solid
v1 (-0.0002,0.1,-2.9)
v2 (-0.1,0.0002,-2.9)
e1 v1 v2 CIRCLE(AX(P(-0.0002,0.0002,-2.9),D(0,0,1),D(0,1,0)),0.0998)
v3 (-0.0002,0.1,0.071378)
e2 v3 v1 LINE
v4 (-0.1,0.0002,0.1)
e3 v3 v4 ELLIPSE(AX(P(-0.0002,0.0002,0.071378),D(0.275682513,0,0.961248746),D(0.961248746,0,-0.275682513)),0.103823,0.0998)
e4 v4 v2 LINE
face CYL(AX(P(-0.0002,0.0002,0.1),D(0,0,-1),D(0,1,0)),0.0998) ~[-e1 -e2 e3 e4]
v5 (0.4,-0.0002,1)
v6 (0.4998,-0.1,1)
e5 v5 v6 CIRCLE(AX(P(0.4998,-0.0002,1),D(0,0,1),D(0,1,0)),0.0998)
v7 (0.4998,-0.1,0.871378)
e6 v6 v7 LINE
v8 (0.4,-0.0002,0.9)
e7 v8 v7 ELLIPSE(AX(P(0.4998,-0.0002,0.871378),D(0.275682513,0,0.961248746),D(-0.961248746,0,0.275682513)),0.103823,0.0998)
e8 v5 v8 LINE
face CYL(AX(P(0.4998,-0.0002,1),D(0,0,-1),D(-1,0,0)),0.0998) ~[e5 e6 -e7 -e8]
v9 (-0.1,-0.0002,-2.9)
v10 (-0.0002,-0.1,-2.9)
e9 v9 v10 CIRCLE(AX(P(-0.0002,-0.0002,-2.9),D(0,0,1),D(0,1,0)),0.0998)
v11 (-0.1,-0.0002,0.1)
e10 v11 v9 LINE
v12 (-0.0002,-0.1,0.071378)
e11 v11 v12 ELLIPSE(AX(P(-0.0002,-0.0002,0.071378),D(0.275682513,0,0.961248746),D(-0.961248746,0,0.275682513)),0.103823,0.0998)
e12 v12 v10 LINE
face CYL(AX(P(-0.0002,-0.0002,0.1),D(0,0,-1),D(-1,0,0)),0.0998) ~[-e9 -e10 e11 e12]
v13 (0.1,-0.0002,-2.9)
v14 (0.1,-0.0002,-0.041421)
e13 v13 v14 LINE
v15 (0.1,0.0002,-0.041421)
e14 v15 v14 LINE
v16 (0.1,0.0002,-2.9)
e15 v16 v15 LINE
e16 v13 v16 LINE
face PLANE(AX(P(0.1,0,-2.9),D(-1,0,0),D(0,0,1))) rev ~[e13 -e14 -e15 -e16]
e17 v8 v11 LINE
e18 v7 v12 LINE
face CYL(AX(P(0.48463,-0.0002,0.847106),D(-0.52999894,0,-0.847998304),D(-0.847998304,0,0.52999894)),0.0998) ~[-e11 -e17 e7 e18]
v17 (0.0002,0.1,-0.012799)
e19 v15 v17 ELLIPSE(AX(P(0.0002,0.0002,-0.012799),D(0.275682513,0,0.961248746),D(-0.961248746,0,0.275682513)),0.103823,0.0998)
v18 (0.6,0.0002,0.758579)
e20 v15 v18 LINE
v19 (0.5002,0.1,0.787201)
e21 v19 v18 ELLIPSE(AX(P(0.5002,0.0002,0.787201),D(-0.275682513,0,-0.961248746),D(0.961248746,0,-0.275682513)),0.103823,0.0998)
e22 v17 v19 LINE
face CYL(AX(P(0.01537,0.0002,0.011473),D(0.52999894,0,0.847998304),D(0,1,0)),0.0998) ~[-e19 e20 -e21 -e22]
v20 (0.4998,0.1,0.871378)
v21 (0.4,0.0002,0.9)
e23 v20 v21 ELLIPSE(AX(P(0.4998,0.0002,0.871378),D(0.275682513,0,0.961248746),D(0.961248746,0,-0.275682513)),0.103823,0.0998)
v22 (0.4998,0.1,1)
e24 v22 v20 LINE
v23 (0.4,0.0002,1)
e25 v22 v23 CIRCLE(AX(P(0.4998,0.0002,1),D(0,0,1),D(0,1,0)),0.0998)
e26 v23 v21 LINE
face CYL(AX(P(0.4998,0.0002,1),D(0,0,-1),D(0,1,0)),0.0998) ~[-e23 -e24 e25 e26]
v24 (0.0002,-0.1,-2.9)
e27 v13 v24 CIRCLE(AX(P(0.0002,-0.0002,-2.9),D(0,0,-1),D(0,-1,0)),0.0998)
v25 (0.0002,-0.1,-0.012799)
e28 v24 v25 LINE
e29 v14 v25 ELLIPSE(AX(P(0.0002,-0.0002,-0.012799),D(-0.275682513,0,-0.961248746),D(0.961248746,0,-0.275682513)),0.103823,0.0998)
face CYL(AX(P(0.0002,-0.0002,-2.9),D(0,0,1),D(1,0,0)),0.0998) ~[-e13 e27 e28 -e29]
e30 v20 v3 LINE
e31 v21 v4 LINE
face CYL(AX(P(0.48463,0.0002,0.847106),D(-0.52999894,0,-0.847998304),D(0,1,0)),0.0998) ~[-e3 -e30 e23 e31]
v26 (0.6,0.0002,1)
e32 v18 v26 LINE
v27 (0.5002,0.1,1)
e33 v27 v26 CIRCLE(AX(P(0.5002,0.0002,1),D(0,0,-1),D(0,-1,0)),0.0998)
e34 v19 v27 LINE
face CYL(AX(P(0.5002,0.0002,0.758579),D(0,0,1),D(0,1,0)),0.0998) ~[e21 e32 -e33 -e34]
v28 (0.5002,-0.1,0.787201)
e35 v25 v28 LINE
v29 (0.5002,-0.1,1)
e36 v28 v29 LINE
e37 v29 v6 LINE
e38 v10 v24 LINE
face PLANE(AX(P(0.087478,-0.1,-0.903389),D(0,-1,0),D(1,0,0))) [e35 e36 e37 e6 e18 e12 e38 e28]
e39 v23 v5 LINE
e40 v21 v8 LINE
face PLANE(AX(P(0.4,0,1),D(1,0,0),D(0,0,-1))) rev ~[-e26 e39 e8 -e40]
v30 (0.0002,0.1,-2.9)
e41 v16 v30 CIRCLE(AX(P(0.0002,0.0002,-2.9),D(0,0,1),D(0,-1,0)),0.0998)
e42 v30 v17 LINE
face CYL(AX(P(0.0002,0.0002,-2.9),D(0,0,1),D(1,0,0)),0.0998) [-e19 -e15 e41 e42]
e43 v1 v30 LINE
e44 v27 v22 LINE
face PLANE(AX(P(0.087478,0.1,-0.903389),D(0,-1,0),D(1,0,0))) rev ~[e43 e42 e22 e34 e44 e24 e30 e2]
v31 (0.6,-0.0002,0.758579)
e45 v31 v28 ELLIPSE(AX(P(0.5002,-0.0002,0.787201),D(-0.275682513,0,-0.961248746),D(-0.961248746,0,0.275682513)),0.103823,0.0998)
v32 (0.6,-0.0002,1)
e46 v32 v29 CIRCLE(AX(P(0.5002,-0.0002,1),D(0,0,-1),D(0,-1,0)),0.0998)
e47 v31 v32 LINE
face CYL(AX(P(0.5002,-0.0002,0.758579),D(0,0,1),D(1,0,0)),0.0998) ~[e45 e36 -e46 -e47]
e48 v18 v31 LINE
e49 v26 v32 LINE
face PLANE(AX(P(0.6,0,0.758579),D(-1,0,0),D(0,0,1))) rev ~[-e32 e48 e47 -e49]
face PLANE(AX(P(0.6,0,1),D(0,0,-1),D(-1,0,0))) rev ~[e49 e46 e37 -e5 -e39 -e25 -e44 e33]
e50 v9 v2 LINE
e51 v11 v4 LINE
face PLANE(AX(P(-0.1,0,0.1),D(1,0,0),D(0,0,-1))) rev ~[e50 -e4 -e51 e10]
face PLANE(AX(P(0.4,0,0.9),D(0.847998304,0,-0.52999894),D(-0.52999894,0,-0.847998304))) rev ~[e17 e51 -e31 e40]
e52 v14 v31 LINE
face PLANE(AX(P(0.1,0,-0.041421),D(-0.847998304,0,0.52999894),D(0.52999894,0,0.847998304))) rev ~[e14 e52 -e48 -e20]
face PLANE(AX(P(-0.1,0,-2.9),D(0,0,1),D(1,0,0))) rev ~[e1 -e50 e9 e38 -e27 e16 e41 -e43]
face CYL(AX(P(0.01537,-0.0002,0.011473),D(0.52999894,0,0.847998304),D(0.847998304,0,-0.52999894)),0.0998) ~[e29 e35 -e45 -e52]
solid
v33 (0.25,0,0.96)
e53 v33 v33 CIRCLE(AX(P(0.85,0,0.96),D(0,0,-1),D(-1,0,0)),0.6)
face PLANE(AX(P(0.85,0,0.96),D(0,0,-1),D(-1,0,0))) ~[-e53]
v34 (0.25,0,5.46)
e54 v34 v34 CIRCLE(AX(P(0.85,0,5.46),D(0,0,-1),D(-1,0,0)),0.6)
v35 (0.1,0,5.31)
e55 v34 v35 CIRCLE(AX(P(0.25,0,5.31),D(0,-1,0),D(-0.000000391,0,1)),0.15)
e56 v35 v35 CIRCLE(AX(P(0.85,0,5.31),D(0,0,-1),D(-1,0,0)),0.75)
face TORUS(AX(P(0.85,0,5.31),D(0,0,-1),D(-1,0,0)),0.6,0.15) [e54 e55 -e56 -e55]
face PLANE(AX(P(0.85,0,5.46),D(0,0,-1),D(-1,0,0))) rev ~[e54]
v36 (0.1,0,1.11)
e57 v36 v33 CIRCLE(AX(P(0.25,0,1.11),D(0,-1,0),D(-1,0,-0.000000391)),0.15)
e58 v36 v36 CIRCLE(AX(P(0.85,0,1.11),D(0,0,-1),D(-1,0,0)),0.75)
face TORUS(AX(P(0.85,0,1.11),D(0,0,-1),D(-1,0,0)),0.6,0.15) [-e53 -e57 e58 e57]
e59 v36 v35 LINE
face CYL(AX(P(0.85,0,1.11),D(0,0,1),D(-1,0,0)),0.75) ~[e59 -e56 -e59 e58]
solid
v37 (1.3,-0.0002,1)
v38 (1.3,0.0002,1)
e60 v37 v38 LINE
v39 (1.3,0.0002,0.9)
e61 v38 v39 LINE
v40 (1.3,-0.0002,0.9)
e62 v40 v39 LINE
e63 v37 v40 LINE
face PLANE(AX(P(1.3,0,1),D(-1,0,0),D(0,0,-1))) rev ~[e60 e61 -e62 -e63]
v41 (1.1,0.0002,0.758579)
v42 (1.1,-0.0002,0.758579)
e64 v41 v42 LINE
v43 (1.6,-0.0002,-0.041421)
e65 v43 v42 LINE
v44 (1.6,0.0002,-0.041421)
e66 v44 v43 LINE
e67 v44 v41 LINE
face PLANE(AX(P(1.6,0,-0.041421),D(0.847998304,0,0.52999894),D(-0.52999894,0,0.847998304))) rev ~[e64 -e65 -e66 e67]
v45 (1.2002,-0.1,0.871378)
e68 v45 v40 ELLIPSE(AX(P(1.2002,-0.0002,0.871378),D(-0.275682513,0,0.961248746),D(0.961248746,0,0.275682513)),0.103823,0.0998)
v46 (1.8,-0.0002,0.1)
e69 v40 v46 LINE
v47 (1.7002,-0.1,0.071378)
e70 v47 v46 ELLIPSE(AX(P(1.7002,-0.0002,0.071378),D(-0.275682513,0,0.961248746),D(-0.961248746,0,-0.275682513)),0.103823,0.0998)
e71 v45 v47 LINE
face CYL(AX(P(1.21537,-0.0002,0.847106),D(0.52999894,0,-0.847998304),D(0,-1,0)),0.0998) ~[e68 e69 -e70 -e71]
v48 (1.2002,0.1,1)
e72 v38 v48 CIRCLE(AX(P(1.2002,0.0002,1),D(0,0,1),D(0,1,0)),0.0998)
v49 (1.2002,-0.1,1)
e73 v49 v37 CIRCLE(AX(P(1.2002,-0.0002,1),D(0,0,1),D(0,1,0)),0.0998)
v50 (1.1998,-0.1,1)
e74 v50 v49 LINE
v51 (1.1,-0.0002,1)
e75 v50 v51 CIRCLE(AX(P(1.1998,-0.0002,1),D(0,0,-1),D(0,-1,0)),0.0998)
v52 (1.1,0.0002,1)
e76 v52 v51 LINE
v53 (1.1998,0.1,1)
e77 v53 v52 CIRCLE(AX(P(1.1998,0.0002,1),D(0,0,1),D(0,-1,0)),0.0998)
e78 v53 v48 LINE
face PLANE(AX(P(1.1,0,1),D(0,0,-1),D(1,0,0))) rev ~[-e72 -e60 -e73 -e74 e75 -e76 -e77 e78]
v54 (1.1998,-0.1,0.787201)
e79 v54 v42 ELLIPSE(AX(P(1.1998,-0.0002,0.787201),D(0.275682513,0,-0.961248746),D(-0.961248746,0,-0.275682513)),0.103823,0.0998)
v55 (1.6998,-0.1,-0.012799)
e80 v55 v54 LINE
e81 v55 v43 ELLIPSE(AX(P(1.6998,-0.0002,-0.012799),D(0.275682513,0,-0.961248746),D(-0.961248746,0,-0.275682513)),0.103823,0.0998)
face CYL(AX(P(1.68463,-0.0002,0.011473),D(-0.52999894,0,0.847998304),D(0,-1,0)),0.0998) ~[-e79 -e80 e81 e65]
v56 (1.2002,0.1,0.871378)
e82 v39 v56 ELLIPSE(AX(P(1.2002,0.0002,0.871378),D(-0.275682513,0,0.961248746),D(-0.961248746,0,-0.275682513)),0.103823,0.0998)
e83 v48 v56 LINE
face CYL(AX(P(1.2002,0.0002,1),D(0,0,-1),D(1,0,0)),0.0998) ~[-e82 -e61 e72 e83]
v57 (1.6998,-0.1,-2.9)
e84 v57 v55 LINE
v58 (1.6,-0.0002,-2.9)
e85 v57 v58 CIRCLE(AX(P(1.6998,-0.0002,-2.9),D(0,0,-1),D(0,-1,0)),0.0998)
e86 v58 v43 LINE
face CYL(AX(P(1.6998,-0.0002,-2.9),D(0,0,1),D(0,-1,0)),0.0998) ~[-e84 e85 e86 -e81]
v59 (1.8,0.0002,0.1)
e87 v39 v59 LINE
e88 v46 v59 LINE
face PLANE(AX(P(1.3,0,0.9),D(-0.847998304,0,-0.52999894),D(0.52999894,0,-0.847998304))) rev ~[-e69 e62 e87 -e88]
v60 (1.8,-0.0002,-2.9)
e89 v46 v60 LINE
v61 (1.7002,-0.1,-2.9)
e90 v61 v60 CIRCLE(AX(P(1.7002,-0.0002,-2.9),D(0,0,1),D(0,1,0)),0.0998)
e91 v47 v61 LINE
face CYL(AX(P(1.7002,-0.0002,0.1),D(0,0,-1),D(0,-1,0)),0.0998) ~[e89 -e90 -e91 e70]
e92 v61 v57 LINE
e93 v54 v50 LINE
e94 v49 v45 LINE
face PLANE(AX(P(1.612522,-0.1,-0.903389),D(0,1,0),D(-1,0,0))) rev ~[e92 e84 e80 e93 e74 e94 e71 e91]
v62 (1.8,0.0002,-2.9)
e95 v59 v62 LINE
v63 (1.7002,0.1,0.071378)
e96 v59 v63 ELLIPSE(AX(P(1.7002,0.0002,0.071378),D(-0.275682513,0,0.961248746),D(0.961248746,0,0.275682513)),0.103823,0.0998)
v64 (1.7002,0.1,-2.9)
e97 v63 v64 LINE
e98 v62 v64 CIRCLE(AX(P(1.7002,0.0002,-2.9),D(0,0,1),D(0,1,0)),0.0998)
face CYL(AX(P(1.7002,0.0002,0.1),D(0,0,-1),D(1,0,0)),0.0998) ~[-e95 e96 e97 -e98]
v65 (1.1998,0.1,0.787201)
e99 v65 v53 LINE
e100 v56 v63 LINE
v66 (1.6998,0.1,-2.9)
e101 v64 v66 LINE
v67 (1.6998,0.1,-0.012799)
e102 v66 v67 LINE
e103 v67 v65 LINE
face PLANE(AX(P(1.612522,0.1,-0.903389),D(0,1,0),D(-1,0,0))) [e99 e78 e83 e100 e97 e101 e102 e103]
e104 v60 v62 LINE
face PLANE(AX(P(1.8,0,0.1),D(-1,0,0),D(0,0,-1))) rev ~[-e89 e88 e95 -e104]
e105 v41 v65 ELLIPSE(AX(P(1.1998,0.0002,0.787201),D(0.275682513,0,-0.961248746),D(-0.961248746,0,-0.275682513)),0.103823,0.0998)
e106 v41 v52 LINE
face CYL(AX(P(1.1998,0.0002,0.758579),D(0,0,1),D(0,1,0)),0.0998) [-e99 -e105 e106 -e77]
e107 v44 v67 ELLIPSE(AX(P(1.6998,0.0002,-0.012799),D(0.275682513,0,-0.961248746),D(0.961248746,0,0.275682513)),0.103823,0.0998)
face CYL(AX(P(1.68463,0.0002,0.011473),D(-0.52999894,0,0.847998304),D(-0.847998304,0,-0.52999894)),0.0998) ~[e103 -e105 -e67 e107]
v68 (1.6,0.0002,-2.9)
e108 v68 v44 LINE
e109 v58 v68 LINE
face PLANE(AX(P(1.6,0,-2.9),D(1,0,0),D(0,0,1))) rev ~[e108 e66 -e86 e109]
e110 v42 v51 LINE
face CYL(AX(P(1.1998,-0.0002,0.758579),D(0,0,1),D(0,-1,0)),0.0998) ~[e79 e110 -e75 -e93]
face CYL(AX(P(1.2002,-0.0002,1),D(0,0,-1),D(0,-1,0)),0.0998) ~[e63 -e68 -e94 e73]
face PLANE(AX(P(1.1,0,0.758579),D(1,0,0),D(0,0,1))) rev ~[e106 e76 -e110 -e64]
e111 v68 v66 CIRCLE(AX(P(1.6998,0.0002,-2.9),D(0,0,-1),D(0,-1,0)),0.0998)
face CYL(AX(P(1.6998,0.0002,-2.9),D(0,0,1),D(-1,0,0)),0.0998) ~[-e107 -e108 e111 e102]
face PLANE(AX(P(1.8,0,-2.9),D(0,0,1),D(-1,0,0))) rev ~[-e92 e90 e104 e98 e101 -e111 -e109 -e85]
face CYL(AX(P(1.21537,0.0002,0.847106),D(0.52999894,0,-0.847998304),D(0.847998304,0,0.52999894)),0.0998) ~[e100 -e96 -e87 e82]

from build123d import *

# Parameters (mm, degrees)
PAD_DEPTH = 0.1
FILLET_R  = 0.0998


with BuildPart() as revolution:
    # Sketch002 → Revolution (revolve)
    with BuildSketch(Plane.XZ):
        with BuildLine():
            Line((0.25, 5.46), (0.85, 5.46))
            Line((0.85, 0.96), (0.85, 5.46))
            Line((0.85, 0.96), (0.25, 0.96))
            ThreePointArc((0.1, 1.11), (0.143934, 1.003934), (0.25, 0.96))
            Line((0.1, 1.11), (0.1, 5.31))
            ThreePointArc((0.25, 5.46), (0.143934, 5.416066), (0.1, 5.31))
        make_face()
    revolve(axis=Axis((0.85, 0, 5.46), (0, 0, -1)))


with BuildPart() as fillet_body:
    # Sketch → Pad (new body, symmetric)
    with BuildSketch(Plane.XZ):
        Polygon((0.1, -2.9), (0.1, -0.041421), (0.6, 0.758579), (0.6, 1), (0.4, 1), (0.4, 0.9), (-0.1, 0.1), (-0.1, -2.9), align=None)
        Polygon((1.1, 1), (1.3, 1), (1.3, 0.9), (1.8, 0.1), (1.8, -2.9), (1.6, -2.9), (1.6, -0.041421), (1.1, 0.758579), align=None)
    extrude(amount=PAD_DEPTH, both=True)

    # Fillet
    fillet_edges = [fillet_body.edges().sort_by_distance(p)[0] for p in [
        (0.15, -0.1, 0.5),
        (0.4, -0.1, 0.95),
        (0.6, -0.1, 0.879289),
        (0.35, -0.1, 0.358579),
        (0.1, -0.1, -1.470711),
        (-0.1, -0.1, -1.4),
        (0.1, 0.1, -1.470711),
        (0.35, 0.1, 0.358579),
        (0.6, 0.1, 0.879289),
        (1.35, -0.1, 0.358579),
        (1.1, -0.1, 0.879289),
        (1.6, -0.1, -1.470711),
        (1.8, -0.1, -1.4),
        (1.55, -0.1, 0.5),
        (1.3, -0.1, 0.95),
        (1.3, 0.1, 0.95),
        (1.55, 0.1, 0.5),
        (1.8, 0.1, -1.4),
        (1.6, 0.1, -1.470711),
        (1.35, 0.1, 0.358579),
        (1.1, 0.1, 0.879289),
        (0.4, 0.1, 0.95),
        (-0.1, 0.1, -1.4),
        (0.15, 0.1, 0.5),
    ]]
    fillet(fillet_edges, radius=FILLET_R)


solid = Compound([revolution.part, fillet_body.part])
